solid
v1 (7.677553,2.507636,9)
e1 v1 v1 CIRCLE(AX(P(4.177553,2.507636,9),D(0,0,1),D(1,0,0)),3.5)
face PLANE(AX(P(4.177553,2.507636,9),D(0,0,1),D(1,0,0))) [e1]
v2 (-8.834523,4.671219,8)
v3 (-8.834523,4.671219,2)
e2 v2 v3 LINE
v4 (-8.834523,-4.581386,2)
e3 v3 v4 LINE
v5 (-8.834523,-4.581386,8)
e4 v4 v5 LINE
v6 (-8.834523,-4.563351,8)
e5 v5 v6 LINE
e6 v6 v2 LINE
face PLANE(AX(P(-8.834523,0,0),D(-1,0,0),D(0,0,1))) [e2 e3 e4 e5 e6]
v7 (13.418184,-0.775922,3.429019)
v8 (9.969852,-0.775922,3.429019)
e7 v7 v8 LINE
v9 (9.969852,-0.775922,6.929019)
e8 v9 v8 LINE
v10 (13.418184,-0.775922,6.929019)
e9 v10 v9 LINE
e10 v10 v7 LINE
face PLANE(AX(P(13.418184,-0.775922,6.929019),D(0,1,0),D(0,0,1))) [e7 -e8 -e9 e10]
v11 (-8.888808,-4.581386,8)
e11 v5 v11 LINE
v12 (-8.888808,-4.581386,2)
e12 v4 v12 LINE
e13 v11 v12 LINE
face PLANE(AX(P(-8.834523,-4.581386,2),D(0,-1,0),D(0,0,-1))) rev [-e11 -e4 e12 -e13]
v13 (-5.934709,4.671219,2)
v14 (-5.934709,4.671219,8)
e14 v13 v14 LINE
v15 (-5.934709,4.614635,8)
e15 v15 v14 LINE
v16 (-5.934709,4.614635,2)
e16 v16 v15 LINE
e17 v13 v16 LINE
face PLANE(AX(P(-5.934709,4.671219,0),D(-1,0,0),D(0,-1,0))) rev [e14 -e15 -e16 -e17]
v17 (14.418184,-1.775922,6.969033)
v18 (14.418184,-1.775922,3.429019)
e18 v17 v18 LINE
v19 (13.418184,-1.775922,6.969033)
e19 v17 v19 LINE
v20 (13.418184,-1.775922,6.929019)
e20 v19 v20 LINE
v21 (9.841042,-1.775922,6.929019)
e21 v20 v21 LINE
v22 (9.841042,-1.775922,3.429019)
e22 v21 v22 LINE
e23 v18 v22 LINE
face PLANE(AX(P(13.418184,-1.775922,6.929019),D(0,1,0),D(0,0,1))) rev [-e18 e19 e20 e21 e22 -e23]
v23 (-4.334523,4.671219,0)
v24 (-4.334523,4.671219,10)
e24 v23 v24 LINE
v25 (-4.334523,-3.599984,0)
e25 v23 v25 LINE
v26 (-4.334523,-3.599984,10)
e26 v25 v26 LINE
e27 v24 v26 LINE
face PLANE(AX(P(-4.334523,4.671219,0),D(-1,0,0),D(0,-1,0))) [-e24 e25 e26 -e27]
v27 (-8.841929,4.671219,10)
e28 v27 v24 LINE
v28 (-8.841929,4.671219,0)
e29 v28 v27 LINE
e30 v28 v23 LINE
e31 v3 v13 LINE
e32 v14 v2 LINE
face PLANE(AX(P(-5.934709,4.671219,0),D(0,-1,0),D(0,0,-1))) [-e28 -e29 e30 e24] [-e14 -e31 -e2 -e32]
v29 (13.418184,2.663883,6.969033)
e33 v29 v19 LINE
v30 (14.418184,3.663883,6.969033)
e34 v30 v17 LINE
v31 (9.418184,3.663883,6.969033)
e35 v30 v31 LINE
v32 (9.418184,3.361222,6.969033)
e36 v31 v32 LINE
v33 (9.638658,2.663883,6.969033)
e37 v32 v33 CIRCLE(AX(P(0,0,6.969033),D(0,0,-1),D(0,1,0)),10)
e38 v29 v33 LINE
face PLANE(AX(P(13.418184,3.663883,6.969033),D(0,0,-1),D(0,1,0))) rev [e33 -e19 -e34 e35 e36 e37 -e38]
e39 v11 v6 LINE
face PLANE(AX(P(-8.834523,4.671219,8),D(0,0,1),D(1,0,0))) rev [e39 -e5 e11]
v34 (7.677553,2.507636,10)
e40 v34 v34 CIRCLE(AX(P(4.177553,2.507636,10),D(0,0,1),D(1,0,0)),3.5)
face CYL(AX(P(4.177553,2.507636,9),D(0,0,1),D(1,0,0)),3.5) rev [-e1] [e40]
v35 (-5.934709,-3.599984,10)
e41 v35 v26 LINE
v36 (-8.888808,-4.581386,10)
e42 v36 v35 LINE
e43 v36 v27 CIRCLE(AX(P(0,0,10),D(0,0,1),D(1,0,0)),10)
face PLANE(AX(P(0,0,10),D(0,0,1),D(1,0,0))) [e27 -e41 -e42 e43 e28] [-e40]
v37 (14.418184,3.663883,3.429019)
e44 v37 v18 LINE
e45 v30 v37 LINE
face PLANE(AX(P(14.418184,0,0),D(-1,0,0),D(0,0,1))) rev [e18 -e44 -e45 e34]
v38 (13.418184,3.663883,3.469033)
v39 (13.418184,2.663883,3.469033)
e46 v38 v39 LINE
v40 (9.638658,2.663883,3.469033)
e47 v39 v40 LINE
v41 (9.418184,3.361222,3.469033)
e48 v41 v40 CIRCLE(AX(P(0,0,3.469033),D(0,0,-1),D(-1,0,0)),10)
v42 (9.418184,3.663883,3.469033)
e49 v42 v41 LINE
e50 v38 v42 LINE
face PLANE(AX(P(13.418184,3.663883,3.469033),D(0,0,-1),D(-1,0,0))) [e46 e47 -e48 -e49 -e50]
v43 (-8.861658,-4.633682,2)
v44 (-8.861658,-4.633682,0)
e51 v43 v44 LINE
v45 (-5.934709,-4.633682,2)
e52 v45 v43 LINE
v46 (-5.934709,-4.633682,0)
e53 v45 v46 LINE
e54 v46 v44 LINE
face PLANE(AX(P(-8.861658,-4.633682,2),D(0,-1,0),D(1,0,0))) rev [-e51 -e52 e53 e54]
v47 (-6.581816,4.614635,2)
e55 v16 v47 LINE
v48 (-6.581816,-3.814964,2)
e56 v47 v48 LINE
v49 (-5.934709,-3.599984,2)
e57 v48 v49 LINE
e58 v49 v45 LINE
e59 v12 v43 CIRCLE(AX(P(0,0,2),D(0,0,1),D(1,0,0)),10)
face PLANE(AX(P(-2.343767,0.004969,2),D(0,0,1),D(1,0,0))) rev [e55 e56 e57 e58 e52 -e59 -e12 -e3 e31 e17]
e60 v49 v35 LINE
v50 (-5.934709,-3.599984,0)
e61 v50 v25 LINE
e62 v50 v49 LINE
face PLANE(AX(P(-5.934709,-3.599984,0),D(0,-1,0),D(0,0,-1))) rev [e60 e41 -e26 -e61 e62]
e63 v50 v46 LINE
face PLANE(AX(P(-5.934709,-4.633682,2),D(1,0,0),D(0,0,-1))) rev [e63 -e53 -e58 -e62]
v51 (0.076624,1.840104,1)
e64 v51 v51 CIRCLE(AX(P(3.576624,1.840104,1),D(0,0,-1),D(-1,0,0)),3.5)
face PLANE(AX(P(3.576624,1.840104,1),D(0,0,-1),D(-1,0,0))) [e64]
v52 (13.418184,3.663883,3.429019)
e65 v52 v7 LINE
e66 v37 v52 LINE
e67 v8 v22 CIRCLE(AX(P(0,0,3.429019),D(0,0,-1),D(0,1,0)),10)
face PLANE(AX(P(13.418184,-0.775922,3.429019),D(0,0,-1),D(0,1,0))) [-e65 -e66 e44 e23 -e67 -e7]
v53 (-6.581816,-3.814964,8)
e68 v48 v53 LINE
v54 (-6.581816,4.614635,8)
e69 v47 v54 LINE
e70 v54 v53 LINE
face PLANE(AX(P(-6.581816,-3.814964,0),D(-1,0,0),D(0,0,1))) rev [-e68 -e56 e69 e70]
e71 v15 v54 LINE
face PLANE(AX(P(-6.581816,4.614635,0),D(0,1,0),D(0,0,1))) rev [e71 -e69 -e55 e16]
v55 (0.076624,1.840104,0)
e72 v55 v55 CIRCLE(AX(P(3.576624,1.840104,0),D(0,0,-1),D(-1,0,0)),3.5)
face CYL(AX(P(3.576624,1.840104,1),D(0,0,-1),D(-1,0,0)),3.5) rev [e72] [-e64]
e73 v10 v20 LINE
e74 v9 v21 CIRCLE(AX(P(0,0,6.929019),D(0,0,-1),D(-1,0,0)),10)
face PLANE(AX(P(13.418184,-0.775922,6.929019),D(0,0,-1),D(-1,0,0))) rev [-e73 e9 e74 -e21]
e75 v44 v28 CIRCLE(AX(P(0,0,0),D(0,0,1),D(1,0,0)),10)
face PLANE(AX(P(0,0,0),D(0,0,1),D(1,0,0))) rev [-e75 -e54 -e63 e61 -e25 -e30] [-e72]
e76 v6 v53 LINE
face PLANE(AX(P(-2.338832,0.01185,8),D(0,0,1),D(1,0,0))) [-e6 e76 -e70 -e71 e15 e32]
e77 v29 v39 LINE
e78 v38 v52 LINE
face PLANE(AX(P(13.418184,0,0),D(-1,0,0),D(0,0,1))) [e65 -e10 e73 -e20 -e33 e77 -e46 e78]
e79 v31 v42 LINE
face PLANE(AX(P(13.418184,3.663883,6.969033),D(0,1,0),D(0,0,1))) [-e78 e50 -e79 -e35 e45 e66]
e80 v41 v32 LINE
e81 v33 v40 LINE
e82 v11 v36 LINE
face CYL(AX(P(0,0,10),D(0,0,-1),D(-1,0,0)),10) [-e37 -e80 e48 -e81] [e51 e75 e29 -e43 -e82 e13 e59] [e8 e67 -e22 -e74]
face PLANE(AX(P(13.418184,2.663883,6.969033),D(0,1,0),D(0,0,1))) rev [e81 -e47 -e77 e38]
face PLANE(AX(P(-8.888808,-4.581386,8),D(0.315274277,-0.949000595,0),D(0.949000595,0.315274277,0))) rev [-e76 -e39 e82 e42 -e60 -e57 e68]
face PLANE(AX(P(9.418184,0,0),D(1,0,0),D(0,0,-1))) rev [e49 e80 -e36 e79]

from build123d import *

# Parameters (mm, degrees)
SKETCH_1_R          = 10
EXTRUDE_1_DEPTH     = 10
SKETCH_2_W          = 1.600186535
SKETCH_2_H          = 8.27120278
CUT_EXTRUDE_1_DEPTH = 10
CUT_EXTRUDE_2_DEPTH = 2
CUT_EXTRUDE_3_DEPTH = 2
CUT_EXTRUDE_4_DEPTH = 3.5
CUT_EXTRUDE_5_DEPTH = 8
SKETCH_16_W         = 6
SKETCH_16_H         = 9.252604953
CUT_EXTRUDE_7_DEPTH = 1
SKETCH_17_R         = 3.5
CUT_EXTRUDE_8_DEPTH = 1
SKETCH_18_R         = 3.5
CUT_EXTRUDE_9_DEPTH = 1
SKETCH_19_W         = 3.5
SKETCH_19_H         = 1
EXTRUDE_2_DEPTH     = 4
SKETCH_20_W         = 3.5
SKETCH_20_H         = 1
EXTRUDE_3_DEPTH     = 4
SKETCH_21_W         = 3.540013918
SKETCH_21_H         = 5.43980515
EXTRUDE_4_DEPTH     = 1


with BuildPart() as part:
    # 草圖1 → 填料-伸長1 (new body)
    with BuildSketch(Plane.XY):
        Circle(SKETCH_1_R)
    extrude(amount=EXTRUDE_1_DEPTH)

    # 草圖2 → 除料-伸長1 (cut)
    with BuildSketch(Plane.XY.offset(10)):
        with Locations((-5.134616168, 0.535617876)):
            Rectangle(SKETCH_2_W, SKETCH_2_H)
    extrude(amount=-CUT_EXTRUDE_1_DEPTH, mode=Mode.SUBTRACT)

    # 草圖3 → 除料-伸長2 (cut)
    with BuildSketch(Plane.XY.offset(10)):
        with BuildLine():
            Line((-5.934709435, 4.671219266), (-8.84192912, 4.671219266))
            ThreePointArc((-8.84192912, 4.671219266), (-10.338729016, 0.052381637), (-8.888807861, -4.581385687))
            Line((-8.888807861, -4.581385687), (-5.934709435, -3.599983514))
            Line((-5.934709435, -3.599983514), (-5.934709435, 4.671219266))
        make_face()
    extrude(amount=-CUT_EXTRUDE_2_DEPTH, mode=Mode.SUBTRACT)

    # 草圖4 → 除料-伸長3 (cut)
    with BuildSketch(Plane(origin=(0, 0, 0), x_dir=(-1, 0, 0), z_dir=(0, 0, -1))):
        with BuildLine():
            Line((5.934709435, 4.671219266), (8.84192912, 4.671219266))
            ThreePointArc((8.84192912, 4.671219266), (10.34374886, 0.021931836), (8.86165829, -4.633682375))
            Line((8.86165829, -4.633682375), (5.934709435, -4.633682375))
            Line((5.934709435, -4.633682375), (5.934709435, 4.671219266))
        make_face()
    extrude(amount=-CUT_EXTRUDE_3_DEPTH, mode=Mode.SUBTRACT)

    # 草圖7 → 除料-伸長4 (cut)
    with BuildSketch(Plane.ZY.offset(13.3345229)):
        Polygon((2, 4.671219266), (8, 4.671219266), (8, -4.581385687), (2, -4.633682375), align=None)
    extrude(amount=-CUT_EXTRUDE_4_DEPTH, mode=Mode.SUBTRACT)

    # 草圖9 → 除料-伸長5 (cut)
    with BuildSketch(Plane.XY.offset(8)):
        Polygon((-5.934709435, 4.614635236), (-5.934709435, -3.599983514), (-6.581816343, -3.814963529), (-6.581816343, 4.614635236), align=None)
    extrude(amount=-CUT_EXTRUDE_5_DEPTH, mode=Mode.SUBTRACT)

    # 草圖16 → 除料-伸長7 (cut)
    with BuildSketch(Plane.ZY.offset(9.8345229)):
        with Locations((5, 0.04491679)):
            Rectangle(SKETCH_16_W, SKETCH_16_H)
    extrude(amount=-CUT_EXTRUDE_7_DEPTH, mode=Mode.SUBTRACT)

    # 草圖17 → 除料-伸長8 (cut)
    with BuildSketch(Plane(origin=(0, 0, 0), x_dir=(-1, 0, 0), z_dir=(0, 0, -1))):
        with Locations((-3.576623966, 1.840103877)):
            Circle(SKETCH_17_R)
    extrude(amount=-CUT_EXTRUDE_8_DEPTH, mode=Mode.SUBTRACT)

    # 草圖18 → 除料-伸長9 (cut)
    with BuildSketch(Plane.XY.offset(10)):
        with Locations((4.177553206, 2.507636002)):
            Circle(SKETCH_18_R)
    extrude(amount=-CUT_EXTRUDE_9_DEPTH, mode=Mode.SUBTRACT)

    # 草圖19 → 填料-伸長2 (add)
    with BuildSketch(Plane(origin=(9.418183657, 0, 0), x_dir=(0, 0, -1), z_dir=(1, 0, 0))):
        with Locations((-5.219032707, 3.16388309)):
            Rectangle(SKETCH_19_W, SKETCH_19_H)
    extrude(amount=EXTRUDE_2_DEPTH)

    # 草圖20 → 填料-伸長3 (add)
    with BuildSketch(Plane(origin=(9.418183657, 0, 0), x_dir=(0, 0, -1), z_dir=(1, 0, 0))):
        with Locations((-5.179018789, -1.27592206)):
            Rectangle(SKETCH_20_W, SKETCH_20_H)
    extrude(amount=EXTRUDE_3_DEPTH)

    # 草圖21 → 填料-伸長4 (add)
    with BuildSketch(Plane(origin=(13.418183657, 0, 0), x_dir=(0, 0, -1), z_dir=(1, 0, 0))):
        with Locations((-5.199025748, 0.943980515)):
            Rectangle(SKETCH_21_W, SKETCH_21_H)
    extrude(amount=EXTRUDE_4_DEPTH)


solid = part.part
